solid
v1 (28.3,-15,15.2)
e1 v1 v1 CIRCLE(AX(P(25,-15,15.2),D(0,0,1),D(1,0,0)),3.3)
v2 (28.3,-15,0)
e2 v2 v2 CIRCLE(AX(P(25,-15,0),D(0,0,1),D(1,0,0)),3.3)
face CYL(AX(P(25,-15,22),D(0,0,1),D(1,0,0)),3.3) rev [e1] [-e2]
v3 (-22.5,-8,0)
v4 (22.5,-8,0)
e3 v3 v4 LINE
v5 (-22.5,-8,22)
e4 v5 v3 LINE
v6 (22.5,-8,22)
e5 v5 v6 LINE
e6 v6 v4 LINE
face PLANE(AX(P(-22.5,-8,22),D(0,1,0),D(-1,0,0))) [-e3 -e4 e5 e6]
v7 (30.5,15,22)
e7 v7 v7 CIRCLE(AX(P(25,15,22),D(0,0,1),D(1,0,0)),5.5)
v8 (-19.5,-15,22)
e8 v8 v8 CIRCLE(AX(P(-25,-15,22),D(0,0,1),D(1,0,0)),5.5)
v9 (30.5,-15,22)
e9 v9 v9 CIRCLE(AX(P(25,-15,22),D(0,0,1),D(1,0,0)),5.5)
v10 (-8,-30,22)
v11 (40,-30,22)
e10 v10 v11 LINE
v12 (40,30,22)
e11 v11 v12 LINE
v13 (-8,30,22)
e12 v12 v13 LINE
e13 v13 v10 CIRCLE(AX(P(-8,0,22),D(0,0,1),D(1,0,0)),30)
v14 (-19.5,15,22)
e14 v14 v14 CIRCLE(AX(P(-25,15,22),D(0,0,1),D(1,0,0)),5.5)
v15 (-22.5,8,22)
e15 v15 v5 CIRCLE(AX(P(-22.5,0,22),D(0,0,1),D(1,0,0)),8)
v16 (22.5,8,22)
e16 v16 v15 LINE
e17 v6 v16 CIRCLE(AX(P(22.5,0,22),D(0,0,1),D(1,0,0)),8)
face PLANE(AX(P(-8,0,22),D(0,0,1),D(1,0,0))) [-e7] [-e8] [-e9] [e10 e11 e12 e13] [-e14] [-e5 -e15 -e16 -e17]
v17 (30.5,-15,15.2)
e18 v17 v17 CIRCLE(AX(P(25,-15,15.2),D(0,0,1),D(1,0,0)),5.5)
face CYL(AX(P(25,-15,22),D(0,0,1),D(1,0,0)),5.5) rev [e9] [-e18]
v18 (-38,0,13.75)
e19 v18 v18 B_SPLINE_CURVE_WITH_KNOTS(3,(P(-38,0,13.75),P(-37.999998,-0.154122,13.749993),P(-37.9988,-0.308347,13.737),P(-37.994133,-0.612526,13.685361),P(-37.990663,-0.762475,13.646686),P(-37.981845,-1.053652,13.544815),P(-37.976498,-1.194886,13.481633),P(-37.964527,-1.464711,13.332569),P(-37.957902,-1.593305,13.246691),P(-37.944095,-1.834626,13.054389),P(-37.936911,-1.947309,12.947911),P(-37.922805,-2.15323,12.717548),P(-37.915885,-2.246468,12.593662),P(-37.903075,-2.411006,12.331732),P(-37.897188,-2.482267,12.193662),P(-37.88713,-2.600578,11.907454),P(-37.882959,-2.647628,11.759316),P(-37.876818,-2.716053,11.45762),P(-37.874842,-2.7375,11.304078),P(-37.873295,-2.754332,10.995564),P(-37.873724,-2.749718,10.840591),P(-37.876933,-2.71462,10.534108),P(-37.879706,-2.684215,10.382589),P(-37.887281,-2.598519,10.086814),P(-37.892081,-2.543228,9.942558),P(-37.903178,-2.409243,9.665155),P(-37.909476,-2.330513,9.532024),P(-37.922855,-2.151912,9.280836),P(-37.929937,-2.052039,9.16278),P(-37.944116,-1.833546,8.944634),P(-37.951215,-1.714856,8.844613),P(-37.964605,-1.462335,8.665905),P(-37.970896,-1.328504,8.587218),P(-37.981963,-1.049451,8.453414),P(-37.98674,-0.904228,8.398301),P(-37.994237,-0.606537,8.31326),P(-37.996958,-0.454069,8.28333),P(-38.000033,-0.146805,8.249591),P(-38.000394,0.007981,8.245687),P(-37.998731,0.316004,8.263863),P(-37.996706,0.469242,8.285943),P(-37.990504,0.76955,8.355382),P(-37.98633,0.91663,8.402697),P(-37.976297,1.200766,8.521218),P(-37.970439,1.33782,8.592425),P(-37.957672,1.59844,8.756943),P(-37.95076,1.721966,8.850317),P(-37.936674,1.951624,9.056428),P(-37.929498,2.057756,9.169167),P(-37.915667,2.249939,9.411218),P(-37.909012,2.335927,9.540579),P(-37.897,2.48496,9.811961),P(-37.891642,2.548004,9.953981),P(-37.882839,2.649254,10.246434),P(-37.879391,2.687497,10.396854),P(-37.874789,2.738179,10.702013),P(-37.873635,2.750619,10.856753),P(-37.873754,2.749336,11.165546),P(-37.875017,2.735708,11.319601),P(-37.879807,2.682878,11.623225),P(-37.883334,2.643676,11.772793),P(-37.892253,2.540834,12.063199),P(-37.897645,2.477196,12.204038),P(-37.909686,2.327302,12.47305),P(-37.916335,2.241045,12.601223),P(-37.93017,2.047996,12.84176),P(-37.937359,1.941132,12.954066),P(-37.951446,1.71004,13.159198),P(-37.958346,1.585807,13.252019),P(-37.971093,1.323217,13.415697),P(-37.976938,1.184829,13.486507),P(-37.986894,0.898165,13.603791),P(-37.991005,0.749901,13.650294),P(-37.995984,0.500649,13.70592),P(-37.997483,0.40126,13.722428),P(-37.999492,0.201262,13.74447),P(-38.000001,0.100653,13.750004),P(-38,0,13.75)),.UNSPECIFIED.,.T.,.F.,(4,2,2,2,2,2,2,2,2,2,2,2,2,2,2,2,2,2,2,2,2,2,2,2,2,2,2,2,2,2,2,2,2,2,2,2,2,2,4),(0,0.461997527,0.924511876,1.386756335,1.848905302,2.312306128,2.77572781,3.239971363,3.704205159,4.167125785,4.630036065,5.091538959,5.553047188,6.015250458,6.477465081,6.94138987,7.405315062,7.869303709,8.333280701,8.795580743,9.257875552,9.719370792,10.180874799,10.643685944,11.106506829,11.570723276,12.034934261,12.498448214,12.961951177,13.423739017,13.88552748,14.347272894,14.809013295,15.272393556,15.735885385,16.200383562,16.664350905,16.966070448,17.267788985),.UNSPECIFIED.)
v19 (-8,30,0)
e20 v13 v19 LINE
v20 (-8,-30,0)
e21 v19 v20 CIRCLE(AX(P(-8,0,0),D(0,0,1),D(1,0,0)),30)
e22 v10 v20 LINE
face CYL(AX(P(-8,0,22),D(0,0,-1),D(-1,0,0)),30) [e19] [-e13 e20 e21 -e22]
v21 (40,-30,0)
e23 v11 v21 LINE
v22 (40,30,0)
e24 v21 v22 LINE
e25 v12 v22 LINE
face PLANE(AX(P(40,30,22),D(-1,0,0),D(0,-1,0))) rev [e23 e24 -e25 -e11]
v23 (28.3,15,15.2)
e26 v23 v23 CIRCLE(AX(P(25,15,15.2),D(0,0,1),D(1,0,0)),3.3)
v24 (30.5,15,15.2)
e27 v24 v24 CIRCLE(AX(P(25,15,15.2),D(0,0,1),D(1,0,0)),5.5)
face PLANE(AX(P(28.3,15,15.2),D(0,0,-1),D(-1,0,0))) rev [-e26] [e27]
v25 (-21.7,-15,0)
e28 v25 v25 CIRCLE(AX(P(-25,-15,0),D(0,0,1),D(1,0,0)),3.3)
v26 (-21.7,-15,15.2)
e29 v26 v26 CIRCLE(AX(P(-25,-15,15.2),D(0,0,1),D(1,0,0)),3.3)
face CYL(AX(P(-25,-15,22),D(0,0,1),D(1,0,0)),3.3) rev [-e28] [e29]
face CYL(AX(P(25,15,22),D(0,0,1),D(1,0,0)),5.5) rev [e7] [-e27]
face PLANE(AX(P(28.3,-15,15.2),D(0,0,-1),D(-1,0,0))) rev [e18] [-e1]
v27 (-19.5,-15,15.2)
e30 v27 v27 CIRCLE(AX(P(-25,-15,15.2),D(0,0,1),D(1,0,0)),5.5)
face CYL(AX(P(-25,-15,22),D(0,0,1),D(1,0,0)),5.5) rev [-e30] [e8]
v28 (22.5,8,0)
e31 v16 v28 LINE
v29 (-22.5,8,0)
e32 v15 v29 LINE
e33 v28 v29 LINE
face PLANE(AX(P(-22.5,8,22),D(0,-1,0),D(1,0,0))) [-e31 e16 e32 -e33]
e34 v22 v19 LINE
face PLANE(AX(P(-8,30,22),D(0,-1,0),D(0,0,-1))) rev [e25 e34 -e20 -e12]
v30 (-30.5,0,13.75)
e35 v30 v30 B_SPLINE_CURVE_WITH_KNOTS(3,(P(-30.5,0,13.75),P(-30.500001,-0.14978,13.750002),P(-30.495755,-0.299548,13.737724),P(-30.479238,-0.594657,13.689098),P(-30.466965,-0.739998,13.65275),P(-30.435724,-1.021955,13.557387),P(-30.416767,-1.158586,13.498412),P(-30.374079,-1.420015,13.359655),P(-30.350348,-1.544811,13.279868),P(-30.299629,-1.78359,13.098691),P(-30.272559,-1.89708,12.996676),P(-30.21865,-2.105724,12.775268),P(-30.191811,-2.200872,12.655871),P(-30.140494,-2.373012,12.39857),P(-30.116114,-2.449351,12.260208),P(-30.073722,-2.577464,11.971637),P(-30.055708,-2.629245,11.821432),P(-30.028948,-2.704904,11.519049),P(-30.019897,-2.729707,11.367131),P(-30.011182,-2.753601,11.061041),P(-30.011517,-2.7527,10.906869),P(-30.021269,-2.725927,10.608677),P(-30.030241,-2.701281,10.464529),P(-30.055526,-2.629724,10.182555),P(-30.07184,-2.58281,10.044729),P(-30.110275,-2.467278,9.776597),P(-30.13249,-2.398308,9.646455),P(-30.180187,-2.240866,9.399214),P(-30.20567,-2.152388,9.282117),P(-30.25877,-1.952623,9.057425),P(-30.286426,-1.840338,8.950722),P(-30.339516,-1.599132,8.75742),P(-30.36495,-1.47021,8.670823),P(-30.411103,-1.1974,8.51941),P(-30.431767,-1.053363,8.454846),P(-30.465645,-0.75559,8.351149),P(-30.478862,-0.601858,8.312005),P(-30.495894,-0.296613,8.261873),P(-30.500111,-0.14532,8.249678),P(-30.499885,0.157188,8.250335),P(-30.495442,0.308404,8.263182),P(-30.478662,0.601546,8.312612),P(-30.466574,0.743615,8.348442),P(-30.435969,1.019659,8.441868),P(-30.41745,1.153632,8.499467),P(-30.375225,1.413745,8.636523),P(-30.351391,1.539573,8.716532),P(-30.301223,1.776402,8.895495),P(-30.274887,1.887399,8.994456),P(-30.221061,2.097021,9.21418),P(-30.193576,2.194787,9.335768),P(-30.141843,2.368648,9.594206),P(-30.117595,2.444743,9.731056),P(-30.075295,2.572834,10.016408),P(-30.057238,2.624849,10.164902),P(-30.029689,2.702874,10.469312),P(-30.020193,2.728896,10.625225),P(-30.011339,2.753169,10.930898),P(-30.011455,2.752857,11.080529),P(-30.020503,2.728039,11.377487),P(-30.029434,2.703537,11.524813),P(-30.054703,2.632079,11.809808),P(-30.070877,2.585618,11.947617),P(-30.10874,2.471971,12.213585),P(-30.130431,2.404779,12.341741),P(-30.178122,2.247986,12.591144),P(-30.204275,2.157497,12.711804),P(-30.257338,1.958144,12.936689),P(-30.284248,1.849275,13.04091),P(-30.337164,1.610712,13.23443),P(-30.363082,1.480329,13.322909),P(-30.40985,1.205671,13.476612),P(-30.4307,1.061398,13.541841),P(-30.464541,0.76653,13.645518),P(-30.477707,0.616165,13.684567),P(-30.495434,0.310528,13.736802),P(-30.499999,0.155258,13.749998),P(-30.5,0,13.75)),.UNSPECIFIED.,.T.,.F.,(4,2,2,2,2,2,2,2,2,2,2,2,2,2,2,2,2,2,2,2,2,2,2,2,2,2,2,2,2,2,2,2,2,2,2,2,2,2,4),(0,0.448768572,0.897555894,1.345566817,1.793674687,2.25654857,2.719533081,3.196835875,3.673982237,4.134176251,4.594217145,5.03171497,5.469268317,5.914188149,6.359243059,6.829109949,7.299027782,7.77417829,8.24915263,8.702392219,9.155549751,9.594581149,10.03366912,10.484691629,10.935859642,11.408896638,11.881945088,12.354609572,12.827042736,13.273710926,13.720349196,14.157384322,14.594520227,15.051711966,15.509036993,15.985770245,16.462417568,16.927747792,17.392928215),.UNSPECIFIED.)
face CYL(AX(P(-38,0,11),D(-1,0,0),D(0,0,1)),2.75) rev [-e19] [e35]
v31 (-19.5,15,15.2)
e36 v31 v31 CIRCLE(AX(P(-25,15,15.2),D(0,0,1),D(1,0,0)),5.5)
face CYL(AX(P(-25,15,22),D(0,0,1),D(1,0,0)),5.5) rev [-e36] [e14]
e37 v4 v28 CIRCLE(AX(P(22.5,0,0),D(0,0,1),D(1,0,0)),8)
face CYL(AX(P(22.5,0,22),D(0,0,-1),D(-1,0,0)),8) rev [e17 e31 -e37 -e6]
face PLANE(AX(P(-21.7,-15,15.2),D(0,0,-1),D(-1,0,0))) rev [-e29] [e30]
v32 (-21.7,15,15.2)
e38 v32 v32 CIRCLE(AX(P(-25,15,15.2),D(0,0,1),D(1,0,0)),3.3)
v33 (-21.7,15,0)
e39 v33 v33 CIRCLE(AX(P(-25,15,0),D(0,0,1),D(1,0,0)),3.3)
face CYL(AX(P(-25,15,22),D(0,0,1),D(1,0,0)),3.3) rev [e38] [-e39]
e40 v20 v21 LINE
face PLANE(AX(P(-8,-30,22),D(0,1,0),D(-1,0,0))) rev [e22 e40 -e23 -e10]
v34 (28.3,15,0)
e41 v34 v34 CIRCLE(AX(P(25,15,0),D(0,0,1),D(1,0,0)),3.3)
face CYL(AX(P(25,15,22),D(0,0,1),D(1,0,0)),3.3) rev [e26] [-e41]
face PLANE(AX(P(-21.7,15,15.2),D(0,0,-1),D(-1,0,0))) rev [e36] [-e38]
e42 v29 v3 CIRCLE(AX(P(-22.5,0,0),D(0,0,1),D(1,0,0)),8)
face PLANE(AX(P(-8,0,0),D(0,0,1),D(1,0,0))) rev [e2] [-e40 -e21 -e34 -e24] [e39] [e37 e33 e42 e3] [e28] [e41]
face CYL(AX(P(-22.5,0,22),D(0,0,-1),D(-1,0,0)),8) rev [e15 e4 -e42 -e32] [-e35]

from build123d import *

# Parameters (mm, degrees)
EXTRUDE_1_DEPTH           = 22
HOLE_WIZARD_1_D           = 6.6
HOLE_WIZARD_1_CBORE_D     = 11
HOLE_WIZARD_1_CBORE_DEPTH = 6.8
MM_1_REACH                = 86.291
MM_1_BORE_R               = 2.75


with BuildPart() as part:
    # 草图1 → 凸台-拉伸1 (new body)
    with BuildSketch(Plane.XY):
        with BuildLine():
            Line((-8, 30), (40, 30))
            Line((40, 30), (40, -30))
            Line((40, -30), (-8, -30))
            ThreePointArc((-8, -30), (-38, 0), (-8, 30))
        make_face()
        with BuildLine():
            Line((-22.5, 8), (22.5, 8))
            ThreePointArc((22.5, 8), (30.5, 0), (22.5, -8))
            Line((22.5, -8), (-22.5, -8))
            ThreePointArc((-22.5, -8), (-30.5, 0), (-22.5, 8))
        make_face(mode=Mode.SUBTRACT)
    extrude(amount=EXTRUDE_1_DEPTH)

    # 打孔尺寸(%根据)内六角圆柱头螺钉的类型1 (through all)
    with Locations(Plane(origin=(-25, 15, 22), x_dir=(1, 0, 0), z_dir=(0, 0, 1))):
        with Locations((0, 0), (0, -30), (50, 0), (50, -30)):
            CounterBoreHole(HOLE_WIZARD_1_D / 2, HOLE_WIZARD_1_CBORE_D / 2, HOLE_WIZARD_1_CBORE_DEPTH)

    # 大小mm 暗销孔1 bore (on position points) → 大小mm 暗销孔1 (cut, up to next)
    with BuildSketch(Plane(origin=(-38, 0, 11), x_dir=(0, 0, -1), z_dir=(-1, 0, 0)), mode=Mode.PRIVATE) as mm_1_sk1:
        Circle(MM_1_BORE_R)
    mm_1_tool1 = extrude(mm_1_sk1.sketch, amount=-MM_1_REACH, mode=Mode.PRIVATE) & part.part
    add(mm_1_tool1.solids().sort_by_distance((-38, 0, 11))[0], mode=Mode.SUBTRACT)


solid = part.part
